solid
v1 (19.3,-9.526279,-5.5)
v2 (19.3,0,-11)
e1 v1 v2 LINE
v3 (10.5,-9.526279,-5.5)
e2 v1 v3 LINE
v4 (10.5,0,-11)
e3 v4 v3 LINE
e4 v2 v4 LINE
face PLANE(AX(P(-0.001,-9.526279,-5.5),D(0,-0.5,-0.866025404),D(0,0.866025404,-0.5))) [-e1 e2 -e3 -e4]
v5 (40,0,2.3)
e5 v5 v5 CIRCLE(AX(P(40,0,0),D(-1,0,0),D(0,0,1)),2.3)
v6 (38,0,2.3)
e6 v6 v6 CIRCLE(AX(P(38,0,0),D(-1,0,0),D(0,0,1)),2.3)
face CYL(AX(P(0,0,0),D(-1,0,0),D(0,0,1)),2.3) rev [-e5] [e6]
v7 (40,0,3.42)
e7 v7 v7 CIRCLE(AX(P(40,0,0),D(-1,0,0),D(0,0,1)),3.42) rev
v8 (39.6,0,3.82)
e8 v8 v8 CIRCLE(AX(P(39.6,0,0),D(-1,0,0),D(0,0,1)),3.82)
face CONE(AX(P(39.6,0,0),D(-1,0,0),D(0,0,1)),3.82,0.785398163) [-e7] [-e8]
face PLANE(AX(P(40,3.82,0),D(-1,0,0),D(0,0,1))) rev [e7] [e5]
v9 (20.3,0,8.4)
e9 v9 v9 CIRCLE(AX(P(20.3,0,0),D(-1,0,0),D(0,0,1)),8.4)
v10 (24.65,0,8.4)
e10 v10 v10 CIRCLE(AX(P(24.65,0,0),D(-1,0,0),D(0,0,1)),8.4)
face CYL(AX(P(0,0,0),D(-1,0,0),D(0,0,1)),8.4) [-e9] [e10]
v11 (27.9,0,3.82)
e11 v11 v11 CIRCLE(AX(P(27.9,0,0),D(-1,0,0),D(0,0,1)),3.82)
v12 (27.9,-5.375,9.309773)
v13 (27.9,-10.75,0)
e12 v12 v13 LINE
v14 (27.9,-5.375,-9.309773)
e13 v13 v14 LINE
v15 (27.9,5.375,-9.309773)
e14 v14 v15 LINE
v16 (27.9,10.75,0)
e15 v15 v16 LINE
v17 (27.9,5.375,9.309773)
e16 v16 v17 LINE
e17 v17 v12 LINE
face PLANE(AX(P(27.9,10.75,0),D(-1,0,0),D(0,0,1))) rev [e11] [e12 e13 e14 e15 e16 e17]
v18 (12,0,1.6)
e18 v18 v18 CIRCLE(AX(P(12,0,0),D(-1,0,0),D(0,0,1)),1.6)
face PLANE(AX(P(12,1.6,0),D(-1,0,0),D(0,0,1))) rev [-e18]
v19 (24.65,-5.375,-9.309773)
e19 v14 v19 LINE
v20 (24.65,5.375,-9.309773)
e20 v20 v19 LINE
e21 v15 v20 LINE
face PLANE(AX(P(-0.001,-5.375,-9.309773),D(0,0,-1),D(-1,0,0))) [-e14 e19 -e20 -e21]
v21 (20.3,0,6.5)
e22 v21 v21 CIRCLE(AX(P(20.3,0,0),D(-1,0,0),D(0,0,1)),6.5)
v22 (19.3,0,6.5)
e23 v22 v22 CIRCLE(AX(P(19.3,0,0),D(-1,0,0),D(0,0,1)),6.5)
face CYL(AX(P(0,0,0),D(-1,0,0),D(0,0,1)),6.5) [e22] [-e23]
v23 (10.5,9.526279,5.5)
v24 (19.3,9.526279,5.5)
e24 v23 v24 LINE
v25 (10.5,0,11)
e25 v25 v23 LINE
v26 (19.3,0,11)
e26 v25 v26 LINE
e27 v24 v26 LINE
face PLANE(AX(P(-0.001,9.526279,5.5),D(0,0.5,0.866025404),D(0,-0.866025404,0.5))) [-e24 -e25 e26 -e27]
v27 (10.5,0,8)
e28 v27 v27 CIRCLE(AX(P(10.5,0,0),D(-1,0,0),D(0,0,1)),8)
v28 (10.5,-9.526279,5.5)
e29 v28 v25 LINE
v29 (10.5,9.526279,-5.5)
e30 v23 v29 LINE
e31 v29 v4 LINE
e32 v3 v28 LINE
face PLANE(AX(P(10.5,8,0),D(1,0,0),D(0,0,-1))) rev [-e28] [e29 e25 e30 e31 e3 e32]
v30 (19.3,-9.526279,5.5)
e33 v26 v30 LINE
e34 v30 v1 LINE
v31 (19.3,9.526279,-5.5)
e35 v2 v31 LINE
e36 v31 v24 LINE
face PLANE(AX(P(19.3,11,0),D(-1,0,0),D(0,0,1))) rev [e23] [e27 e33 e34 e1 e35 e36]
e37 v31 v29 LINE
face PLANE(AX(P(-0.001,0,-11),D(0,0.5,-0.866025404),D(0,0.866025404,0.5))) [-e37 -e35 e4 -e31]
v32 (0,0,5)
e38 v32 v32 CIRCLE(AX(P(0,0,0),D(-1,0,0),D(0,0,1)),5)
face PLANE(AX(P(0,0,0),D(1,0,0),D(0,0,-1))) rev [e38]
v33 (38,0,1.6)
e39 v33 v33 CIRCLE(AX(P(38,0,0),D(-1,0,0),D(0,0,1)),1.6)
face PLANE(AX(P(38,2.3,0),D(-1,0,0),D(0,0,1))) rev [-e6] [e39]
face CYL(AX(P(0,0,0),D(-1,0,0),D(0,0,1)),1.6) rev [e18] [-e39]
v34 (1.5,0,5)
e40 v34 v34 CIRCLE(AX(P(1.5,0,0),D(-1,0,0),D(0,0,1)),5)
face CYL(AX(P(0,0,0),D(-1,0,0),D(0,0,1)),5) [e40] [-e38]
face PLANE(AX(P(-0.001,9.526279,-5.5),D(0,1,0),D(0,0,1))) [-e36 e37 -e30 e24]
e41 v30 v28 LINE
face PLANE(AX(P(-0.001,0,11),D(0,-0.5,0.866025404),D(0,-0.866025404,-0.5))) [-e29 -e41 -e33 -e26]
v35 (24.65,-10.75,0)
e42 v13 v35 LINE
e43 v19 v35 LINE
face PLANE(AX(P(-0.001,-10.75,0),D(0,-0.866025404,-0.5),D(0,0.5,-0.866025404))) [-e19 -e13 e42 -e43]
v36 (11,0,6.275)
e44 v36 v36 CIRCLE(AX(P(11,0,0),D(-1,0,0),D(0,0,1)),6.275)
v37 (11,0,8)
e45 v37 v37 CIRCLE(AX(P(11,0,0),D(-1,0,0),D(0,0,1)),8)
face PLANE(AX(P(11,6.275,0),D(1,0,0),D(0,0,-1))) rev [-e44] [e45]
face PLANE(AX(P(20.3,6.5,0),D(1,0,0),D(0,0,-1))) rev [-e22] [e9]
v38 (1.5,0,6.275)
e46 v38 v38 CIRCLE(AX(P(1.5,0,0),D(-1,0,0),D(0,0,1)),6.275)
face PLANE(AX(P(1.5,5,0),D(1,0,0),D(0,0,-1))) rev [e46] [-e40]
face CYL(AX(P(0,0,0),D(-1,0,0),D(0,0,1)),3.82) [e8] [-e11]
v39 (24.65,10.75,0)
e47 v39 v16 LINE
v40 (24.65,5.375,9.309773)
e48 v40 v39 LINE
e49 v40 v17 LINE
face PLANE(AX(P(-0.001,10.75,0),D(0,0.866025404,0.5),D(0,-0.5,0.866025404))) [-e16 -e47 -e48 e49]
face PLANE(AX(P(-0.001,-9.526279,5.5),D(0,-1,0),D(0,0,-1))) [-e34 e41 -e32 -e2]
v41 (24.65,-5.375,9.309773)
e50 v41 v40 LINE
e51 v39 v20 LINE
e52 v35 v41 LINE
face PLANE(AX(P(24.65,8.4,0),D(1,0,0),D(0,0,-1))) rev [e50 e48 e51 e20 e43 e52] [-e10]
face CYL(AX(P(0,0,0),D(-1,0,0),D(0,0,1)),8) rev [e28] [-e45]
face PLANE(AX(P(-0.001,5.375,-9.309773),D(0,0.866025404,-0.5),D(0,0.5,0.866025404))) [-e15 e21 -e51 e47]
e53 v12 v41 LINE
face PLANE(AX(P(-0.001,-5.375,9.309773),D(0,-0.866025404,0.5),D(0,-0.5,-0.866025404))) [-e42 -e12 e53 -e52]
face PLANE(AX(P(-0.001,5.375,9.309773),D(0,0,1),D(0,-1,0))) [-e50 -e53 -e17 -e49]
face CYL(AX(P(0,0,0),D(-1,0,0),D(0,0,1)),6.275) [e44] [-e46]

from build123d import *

# Parameters (mm, degrees)
CHAMFER1_SIZE  = 0.4
EXTRUDE1_START = -3.25
SKETCH2_R      = 11.925743973
EXTRUDE1_DEPTH = 3.25
EXTRUDE2_START = -8.8
SKETCH3_R      = 13.491172398
EXTRUDE2_DEPTH = 8.8


with BuildPart() as part:
    # Sketch1 → Revolve1 (revolve)
    with BuildSketch(Plane.XY, mode=Mode.PRIVATE) as revolve1_sk:
        Polygon((0, 0), (0, 5), (1.5, 5), (1.5, 6.275), (11, 6.275), (11, 8), (10.5, 8), (10.5, 11), (19.3, 11), (19.3, 6.5), (20.3, 6.5), (20.3, 8.4), (24.65, 8.4), (24.65, 10.75), (27.9, 10.75), (27.9, 3.82), (40, 3.82), (40, 2.3), (38, 2.3), (38, 1.6), (12, 1.6), (12, 0), align=None)
    revolve(revolve1_sk.sketch.rotate(Axis((0, 0, 0), (1, 0, 0)), 90), axis=Axis((0, 0, 0), (1, 0, 0)))

    # Chamfer1
    chamfer1_edges = [part.edges().sort_by_distance(p)[0] for p in [
        (40, 0, -3.82),
    ]]
    chamfer(chamfer1_edges, length=CHAMFER1_SIZE)

    # Sketch2 → Extrude1 (cut)
    with BuildSketch(Plane(origin=(27.9, 0, 0), x_dir=(0, 0, -1), z_dir=(1, 0, 0)).offset(EXTRUDE1_START)):
        Circle(SKETCH2_R)
        Polygon((0, 10.75), (-9.309773091, 5.375), (-9.309773091, -5.375), (0, -10.75), (9.309773091, -5.375), (9.309773091, 5.375), align=None, mode=Mode.SUBTRACT)
    extrude(amount=EXTRUDE1_DEPTH, mode=Mode.SUBTRACT)

    # Sketch3 → Extrude2 (cut)
    with BuildSketch(Plane(origin=(19.3, 0, 0), x_dir=(0, 0, -1), z_dir=(1, 0, 0)).offset(EXTRUDE2_START)):
        Circle(SKETCH3_R)
        Polygon((-5.5, 9.526279442), (-11, 0), (-5.5, -9.526279442), (5.5, -9.526279442), (11, 0), (5.5, 9.526279442), align=None, mode=Mode.SUBTRACT)
    extrude(amount=EXTRUDE2_DEPTH, mode=Mode.SUBTRACT)


solid = part.part
